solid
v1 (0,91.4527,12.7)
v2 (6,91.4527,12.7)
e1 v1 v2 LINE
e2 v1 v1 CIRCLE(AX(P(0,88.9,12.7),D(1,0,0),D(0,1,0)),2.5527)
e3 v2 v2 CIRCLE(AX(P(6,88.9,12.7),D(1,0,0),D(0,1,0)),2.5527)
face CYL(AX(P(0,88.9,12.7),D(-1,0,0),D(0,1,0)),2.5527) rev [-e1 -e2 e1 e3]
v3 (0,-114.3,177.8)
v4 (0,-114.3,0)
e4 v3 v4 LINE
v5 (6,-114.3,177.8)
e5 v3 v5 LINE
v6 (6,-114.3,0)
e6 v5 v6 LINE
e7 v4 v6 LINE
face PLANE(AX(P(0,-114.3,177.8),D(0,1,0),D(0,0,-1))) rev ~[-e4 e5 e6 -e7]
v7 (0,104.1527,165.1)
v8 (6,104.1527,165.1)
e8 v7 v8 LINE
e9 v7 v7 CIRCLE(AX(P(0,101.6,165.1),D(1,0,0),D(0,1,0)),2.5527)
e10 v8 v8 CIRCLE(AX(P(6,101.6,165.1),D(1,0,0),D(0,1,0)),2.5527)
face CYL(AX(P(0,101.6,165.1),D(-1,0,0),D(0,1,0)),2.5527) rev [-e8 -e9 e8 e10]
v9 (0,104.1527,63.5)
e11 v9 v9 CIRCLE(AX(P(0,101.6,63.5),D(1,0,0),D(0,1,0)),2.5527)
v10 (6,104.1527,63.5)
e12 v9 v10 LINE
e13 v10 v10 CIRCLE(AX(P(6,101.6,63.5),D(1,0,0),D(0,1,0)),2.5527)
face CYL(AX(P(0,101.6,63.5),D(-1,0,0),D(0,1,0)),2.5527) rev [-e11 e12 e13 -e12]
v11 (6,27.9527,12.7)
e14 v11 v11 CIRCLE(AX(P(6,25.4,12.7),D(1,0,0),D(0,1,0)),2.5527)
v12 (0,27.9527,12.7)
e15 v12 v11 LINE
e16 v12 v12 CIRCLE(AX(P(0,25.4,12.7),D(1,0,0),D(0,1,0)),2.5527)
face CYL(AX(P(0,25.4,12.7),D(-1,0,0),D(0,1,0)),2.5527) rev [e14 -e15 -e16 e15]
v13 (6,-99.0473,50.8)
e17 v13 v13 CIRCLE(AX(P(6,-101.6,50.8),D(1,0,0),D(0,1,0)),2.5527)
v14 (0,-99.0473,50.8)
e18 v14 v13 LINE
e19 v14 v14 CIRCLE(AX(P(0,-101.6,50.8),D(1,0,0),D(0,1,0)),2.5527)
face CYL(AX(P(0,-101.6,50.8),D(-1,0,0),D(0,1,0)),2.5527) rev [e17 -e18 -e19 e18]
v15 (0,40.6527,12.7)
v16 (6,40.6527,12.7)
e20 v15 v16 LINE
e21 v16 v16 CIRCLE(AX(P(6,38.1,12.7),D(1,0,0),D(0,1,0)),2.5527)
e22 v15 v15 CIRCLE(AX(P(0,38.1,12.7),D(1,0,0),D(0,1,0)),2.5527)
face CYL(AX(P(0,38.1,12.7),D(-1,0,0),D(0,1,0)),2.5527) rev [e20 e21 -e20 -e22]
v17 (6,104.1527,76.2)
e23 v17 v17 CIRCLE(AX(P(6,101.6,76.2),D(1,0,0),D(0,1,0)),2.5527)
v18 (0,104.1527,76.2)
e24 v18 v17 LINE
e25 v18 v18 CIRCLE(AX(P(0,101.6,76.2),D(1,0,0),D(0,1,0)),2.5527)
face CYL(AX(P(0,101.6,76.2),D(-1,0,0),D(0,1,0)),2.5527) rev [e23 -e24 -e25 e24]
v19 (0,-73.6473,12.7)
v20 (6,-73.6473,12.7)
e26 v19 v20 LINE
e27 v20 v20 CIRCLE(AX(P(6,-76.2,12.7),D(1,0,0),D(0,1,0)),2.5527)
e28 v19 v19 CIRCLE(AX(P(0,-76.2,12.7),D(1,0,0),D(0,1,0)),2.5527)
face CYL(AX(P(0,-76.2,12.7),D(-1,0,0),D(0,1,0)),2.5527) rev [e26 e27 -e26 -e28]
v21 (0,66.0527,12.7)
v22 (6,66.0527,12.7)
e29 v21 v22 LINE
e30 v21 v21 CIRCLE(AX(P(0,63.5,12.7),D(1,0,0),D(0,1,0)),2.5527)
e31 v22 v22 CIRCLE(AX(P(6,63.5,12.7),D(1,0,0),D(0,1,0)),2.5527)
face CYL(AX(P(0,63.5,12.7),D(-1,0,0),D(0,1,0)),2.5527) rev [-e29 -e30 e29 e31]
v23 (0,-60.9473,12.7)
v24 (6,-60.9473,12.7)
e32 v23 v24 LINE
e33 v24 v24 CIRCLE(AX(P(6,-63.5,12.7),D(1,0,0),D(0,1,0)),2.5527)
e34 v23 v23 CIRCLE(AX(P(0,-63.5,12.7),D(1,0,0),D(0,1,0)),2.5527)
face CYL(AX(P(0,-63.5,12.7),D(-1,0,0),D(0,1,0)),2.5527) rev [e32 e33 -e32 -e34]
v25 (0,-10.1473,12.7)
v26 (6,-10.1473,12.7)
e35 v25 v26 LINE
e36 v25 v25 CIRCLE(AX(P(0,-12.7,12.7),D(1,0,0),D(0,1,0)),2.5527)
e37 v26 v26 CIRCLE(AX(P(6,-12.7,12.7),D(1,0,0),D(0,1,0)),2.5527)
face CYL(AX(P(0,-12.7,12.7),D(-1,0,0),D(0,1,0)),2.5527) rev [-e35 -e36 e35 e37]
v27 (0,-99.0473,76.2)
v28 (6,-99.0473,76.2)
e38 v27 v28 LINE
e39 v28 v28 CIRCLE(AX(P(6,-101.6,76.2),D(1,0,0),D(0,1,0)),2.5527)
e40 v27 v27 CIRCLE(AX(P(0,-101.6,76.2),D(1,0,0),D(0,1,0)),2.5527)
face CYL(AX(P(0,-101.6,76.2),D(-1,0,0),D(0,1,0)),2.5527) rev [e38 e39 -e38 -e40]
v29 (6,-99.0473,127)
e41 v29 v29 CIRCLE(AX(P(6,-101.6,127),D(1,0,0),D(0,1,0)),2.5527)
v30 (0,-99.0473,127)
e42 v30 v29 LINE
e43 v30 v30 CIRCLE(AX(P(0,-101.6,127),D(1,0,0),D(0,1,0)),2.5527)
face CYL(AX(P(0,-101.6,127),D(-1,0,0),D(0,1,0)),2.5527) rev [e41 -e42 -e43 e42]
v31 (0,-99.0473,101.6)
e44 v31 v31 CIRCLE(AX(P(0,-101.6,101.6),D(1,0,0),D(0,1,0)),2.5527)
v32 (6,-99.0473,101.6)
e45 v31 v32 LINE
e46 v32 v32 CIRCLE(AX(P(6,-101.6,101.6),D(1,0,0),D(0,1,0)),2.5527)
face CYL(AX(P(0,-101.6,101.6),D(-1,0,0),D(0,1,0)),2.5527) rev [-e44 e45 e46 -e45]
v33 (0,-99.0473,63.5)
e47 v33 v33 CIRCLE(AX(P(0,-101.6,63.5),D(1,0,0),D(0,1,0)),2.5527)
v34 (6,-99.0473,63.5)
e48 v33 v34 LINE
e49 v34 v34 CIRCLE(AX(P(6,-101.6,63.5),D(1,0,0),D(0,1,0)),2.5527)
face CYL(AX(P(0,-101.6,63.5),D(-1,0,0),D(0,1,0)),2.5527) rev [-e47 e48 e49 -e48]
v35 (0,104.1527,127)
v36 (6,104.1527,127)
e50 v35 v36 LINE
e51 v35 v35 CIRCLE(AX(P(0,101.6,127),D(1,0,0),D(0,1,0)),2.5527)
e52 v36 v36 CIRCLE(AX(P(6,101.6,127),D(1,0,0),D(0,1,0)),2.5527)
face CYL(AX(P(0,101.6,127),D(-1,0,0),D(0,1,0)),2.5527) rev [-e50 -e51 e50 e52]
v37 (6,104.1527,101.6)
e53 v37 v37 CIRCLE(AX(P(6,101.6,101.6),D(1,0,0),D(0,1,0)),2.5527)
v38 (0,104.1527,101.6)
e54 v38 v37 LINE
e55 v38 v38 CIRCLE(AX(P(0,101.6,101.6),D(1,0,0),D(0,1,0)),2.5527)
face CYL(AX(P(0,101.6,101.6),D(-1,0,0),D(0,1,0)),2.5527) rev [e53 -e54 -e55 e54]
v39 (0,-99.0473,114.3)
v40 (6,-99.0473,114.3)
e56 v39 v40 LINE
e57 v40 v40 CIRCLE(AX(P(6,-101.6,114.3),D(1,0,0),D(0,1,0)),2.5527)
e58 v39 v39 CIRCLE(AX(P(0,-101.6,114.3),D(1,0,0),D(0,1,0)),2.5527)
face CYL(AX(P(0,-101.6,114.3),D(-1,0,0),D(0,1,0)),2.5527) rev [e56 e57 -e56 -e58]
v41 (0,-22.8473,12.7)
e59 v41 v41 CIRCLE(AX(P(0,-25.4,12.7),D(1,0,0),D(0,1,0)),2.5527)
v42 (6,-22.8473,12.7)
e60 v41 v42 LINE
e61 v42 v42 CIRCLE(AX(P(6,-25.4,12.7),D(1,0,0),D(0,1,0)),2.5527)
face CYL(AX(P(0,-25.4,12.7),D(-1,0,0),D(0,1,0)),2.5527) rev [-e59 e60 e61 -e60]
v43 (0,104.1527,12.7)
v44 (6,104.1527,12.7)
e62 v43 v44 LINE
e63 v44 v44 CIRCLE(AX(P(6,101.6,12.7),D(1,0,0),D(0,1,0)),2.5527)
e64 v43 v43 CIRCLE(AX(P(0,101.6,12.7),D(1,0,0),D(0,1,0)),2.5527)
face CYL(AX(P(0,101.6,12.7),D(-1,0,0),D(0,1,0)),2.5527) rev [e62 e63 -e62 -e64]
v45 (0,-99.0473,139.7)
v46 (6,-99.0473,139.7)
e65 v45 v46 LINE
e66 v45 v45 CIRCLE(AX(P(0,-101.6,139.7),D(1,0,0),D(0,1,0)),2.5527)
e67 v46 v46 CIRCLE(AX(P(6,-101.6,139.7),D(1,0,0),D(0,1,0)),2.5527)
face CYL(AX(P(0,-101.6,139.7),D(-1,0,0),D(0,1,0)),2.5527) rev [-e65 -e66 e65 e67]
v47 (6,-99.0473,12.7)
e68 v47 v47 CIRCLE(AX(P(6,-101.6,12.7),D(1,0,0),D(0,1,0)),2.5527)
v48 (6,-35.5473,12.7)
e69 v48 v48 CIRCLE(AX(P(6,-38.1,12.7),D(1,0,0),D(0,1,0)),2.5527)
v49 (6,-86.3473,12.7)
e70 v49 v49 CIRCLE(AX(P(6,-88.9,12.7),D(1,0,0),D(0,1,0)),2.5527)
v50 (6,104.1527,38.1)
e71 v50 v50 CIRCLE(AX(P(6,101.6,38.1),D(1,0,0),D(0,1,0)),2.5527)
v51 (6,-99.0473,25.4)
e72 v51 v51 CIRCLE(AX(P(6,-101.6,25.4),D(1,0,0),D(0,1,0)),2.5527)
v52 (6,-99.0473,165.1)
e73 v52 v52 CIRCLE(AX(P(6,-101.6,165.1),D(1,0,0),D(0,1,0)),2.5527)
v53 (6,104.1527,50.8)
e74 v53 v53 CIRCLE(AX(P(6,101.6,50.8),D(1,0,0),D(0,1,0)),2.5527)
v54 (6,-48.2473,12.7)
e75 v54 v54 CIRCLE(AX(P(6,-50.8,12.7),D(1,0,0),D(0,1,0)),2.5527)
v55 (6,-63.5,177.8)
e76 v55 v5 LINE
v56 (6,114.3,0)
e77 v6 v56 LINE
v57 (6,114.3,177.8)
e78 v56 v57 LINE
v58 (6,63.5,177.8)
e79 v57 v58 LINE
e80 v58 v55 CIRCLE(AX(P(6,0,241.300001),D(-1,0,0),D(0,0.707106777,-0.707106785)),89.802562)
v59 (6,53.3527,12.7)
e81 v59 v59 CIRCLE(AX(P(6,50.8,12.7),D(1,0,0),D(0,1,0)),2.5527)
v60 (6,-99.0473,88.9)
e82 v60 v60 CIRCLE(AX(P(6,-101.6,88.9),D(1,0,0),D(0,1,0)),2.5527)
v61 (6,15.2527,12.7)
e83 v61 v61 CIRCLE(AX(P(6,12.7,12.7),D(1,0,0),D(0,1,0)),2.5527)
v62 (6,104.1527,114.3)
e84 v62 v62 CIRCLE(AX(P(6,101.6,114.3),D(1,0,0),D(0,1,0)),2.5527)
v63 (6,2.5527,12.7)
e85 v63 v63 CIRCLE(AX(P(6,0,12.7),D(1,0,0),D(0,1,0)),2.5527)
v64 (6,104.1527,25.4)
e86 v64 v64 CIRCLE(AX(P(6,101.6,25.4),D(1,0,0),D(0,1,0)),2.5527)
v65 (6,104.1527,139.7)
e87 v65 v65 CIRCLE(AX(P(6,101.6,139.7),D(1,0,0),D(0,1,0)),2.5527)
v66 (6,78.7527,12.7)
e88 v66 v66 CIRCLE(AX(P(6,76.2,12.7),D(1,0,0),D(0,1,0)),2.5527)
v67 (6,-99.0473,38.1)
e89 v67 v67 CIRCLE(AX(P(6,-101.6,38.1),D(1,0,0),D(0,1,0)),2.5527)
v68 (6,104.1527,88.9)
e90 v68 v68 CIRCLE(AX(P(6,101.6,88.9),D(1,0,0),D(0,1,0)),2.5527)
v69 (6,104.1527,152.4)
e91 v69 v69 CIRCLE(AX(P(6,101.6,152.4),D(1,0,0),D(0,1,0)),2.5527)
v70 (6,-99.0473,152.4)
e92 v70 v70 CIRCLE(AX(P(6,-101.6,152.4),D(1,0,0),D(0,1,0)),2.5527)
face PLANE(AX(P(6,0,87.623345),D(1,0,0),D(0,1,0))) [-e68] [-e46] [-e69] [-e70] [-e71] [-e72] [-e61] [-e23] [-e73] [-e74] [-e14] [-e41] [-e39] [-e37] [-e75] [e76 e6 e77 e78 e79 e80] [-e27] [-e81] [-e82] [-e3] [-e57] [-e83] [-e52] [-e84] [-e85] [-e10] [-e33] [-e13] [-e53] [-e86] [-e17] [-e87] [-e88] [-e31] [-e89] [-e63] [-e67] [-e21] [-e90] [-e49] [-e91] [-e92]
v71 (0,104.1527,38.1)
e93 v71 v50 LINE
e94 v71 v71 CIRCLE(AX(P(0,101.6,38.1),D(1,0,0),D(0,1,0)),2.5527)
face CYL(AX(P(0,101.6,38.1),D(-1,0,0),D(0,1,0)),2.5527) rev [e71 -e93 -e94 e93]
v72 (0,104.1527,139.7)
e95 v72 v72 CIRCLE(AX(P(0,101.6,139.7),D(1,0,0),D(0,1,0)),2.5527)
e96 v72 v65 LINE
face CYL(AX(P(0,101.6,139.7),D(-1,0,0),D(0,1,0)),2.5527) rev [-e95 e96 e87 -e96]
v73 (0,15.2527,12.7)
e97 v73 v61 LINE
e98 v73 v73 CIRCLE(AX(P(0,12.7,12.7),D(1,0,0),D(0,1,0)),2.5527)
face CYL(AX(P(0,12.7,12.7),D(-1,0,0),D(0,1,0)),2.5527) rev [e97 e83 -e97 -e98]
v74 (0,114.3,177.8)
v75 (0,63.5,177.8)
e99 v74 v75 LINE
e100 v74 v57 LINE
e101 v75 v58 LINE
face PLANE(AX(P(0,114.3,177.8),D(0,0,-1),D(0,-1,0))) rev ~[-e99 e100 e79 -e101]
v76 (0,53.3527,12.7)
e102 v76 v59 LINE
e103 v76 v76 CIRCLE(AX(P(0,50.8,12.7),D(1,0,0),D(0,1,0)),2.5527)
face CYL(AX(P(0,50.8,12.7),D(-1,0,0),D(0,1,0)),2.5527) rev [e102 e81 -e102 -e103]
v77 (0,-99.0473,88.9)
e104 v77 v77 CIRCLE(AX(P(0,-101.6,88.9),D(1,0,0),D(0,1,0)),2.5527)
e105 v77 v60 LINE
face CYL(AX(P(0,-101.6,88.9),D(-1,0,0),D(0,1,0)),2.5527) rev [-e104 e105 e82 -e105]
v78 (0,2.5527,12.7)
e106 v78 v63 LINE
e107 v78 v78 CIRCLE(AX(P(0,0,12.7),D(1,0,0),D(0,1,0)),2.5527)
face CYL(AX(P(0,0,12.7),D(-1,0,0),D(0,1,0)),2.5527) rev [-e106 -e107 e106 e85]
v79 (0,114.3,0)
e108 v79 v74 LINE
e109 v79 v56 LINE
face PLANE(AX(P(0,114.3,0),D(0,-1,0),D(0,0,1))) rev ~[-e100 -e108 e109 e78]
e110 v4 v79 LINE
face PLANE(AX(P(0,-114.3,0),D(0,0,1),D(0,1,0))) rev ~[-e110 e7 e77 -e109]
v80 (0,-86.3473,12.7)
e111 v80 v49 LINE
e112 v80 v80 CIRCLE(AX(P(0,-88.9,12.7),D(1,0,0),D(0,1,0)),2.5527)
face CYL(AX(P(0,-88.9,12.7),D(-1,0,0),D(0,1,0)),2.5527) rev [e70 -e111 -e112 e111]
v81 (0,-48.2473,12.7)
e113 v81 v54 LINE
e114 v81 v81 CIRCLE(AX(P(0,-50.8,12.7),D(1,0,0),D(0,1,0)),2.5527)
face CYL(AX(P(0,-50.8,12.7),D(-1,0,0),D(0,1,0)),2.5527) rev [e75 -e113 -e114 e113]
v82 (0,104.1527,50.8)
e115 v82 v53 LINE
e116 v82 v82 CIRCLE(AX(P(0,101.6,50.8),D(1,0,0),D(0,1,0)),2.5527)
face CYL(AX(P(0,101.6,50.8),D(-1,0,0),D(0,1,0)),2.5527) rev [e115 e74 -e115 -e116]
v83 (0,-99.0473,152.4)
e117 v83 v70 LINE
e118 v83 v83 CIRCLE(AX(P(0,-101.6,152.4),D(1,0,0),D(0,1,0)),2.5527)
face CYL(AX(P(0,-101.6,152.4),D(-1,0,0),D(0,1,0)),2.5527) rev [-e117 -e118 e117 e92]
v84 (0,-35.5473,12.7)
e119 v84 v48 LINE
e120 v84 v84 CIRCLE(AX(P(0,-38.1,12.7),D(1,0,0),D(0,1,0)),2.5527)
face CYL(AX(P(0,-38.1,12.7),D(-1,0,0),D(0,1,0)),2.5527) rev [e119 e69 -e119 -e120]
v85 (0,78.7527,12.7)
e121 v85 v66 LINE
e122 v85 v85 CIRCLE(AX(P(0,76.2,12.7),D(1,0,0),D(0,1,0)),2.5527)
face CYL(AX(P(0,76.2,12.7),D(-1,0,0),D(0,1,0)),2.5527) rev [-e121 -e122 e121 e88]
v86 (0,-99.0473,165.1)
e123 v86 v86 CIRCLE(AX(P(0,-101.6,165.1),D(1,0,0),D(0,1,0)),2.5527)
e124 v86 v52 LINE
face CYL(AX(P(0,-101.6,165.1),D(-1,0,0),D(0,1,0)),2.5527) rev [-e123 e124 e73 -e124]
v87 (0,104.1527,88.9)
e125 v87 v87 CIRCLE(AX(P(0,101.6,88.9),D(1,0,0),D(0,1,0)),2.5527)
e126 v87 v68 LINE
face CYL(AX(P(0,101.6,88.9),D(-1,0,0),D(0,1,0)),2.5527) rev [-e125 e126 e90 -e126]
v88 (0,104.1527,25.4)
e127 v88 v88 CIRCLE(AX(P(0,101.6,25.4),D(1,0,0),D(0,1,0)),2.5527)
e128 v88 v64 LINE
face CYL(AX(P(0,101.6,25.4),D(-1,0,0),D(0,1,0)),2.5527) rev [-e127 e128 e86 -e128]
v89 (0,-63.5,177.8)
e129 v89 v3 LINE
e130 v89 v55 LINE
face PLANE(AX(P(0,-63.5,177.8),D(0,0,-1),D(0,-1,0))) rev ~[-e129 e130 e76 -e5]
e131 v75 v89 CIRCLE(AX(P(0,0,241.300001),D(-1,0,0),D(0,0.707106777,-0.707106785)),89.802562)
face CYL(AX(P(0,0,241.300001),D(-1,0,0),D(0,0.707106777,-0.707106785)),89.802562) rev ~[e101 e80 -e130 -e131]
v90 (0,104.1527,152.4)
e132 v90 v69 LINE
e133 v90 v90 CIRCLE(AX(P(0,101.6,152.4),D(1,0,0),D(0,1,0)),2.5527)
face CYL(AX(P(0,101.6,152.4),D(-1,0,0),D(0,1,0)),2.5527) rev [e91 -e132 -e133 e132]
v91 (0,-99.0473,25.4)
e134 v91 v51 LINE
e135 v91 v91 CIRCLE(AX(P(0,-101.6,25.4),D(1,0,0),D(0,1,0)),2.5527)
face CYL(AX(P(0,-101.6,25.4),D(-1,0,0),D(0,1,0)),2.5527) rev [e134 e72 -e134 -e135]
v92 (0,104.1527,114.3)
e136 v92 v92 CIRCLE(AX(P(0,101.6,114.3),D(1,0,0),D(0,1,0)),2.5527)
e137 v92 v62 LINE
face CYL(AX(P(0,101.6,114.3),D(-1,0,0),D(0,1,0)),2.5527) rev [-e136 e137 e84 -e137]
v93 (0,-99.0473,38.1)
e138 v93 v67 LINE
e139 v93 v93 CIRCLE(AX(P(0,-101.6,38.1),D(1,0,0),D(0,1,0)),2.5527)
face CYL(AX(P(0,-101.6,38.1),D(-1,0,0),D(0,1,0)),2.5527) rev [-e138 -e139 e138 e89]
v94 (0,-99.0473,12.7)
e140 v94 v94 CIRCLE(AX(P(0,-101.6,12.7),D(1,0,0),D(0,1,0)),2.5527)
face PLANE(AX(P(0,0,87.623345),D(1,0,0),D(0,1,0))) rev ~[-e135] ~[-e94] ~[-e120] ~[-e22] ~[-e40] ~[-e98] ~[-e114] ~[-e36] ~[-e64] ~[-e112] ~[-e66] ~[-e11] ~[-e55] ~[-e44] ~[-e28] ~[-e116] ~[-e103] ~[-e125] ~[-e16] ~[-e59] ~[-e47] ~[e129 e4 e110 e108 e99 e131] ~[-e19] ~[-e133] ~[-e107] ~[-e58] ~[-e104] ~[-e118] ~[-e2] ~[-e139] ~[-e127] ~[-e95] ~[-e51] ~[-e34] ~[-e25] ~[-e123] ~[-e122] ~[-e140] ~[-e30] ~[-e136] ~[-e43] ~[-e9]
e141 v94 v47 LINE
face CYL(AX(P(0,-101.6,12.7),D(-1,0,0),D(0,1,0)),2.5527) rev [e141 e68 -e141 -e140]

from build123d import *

# Parameters (mm, degrees)
F0_R     = 2.5527
F1_DEPTH = 6


with BuildPart() as f1:
    # F0 (on Right) → F1 (new body)
    with BuildSketch(Plane.YZ):
        with BuildLine():
            Line((-63.5, 177.8), (-114.3, 177.8))
            Line((-114.3, 177.8), (-114.3, 0))
            Line((-114.3, 0), (114.3, 0))
            Line((114.3, 0), (114.3, 177.8))
            Line((114.3, 177.8), (63.5, 177.8))
            ThreePointArc((63.5, 177.8), (0, 151.497439), (-63.5, 177.8))
        make_face()
        with Locations((-101.6, 12.7)):
            Circle(F0_R, mode=Mode.SUBTRACT)
        with Locations((-88.9, 12.7)):
            Circle(F0_R, mode=Mode.SUBTRACT)
        with Locations((-76.2, 12.7)):
            Circle(F0_R, mode=Mode.SUBTRACT)
        with Locations((-63.5, 12.7)):
            Circle(F0_R, mode=Mode.SUBTRACT)
        with Locations((-101.6, 25.4)):
            Circle(F0_R, mode=Mode.SUBTRACT)
        with Locations((-101.6, 38.1)):
            Circle(F0_R, mode=Mode.SUBTRACT)
        with Locations((-50.8, 12.7)):
            Circle(F0_R, mode=Mode.SUBTRACT)
        with Locations((-38.1, 12.7)):
            Circle(F0_R, mode=Mode.SUBTRACT)
        with Locations((-25.4, 12.7)):
            Circle(F0_R, mode=Mode.SUBTRACT)
        with Locations((-12.7, 12.7)):
            Circle(F0_R, mode=Mode.SUBTRACT)
        with Locations((-101.6, 50.8)):
            Circle(F0_R, mode=Mode.SUBTRACT)
        with Locations((-101.6, 63.5)):
            Circle(F0_R, mode=Mode.SUBTRACT)
        with Locations((-101.6, 76.2)):
            Circle(F0_R, mode=Mode.SUBTRACT)
        with Locations((0, 12.7)):
            Circle(F0_R, mode=Mode.SUBTRACT)
        with Locations((12.7, 12.7)):
            Circle(F0_R, mode=Mode.SUBTRACT)
        with Locations((25.4, 12.7)):
            Circle(F0_R, mode=Mode.SUBTRACT)
        with Locations((38.1, 12.7)):
            Circle(F0_R, mode=Mode.SUBTRACT)
        with Locations((50.8, 12.7)):
            Circle(F0_R, mode=Mode.SUBTRACT)
        with Locations((63.5, 12.7)):
            Circle(F0_R, mode=Mode.SUBTRACT)
        with Locations((76.2, 12.7)):
            Circle(F0_R, mode=Mode.SUBTRACT)
        with Locations((88.9, 12.7)):
            Circle(F0_R, mode=Mode.SUBTRACT)
        with Locations((101.6, 12.7)):
            Circle(F0_R, mode=Mode.SUBTRACT)
        with Locations((101.6, 25.4)):
            Circle(F0_R, mode=Mode.SUBTRACT)
        with Locations((101.6, 38.1)):
            Circle(F0_R, mode=Mode.SUBTRACT)
        with Locations((101.6, 50.8)):
            Circle(F0_R, mode=Mode.SUBTRACT)
        with Locations((101.6, 63.5)):
            Circle(F0_R, mode=Mode.SUBTRACT)
        with Locations((101.6, 76.2)):
            Circle(F0_R, mode=Mode.SUBTRACT)
        with Locations((-101.6, 88.9)):
            Circle(F0_R, mode=Mode.SUBTRACT)
        with Locations((-101.6, 101.6)):
            Circle(F0_R, mode=Mode.SUBTRACT)
        with Locations((-101.6, 114.3)):
            Circle(F0_R, mode=Mode.SUBTRACT)
        with Locations((-101.6, 127)):
            Circle(F0_R, mode=Mode.SUBTRACT)
        with Locations((-101.6, 139.7)):
            Circle(F0_R, mode=Mode.SUBTRACT)
        with Locations((-101.6, 152.4)):
            Circle(F0_R, mode=Mode.SUBTRACT)
        with Locations((-101.6, 165.1)):
            Circle(F0_R, mode=Mode.SUBTRACT)
        with Locations((101.6, 88.9)):
            Circle(F0_R, mode=Mode.SUBTRACT)
        with Locations((101.6, 101.6)):
            Circle(F0_R, mode=Mode.SUBTRACT)
        with Locations((101.6, 114.3)):
            Circle(F0_R, mode=Mode.SUBTRACT)
        with Locations((101.6, 127)):
            Circle(F0_R, mode=Mode.SUBTRACT)
        with Locations((101.6, 139.7)):
            Circle(F0_R, mode=Mode.SUBTRACT)
        with Locations((101.6, 152.4)):
            Circle(F0_R, mode=Mode.SUBTRACT)
        with Locations((101.6, 165.1)):
            Circle(F0_R, mode=Mode.SUBTRACT)
    extrude(amount=F1_DEPTH)


solid = f1.part
